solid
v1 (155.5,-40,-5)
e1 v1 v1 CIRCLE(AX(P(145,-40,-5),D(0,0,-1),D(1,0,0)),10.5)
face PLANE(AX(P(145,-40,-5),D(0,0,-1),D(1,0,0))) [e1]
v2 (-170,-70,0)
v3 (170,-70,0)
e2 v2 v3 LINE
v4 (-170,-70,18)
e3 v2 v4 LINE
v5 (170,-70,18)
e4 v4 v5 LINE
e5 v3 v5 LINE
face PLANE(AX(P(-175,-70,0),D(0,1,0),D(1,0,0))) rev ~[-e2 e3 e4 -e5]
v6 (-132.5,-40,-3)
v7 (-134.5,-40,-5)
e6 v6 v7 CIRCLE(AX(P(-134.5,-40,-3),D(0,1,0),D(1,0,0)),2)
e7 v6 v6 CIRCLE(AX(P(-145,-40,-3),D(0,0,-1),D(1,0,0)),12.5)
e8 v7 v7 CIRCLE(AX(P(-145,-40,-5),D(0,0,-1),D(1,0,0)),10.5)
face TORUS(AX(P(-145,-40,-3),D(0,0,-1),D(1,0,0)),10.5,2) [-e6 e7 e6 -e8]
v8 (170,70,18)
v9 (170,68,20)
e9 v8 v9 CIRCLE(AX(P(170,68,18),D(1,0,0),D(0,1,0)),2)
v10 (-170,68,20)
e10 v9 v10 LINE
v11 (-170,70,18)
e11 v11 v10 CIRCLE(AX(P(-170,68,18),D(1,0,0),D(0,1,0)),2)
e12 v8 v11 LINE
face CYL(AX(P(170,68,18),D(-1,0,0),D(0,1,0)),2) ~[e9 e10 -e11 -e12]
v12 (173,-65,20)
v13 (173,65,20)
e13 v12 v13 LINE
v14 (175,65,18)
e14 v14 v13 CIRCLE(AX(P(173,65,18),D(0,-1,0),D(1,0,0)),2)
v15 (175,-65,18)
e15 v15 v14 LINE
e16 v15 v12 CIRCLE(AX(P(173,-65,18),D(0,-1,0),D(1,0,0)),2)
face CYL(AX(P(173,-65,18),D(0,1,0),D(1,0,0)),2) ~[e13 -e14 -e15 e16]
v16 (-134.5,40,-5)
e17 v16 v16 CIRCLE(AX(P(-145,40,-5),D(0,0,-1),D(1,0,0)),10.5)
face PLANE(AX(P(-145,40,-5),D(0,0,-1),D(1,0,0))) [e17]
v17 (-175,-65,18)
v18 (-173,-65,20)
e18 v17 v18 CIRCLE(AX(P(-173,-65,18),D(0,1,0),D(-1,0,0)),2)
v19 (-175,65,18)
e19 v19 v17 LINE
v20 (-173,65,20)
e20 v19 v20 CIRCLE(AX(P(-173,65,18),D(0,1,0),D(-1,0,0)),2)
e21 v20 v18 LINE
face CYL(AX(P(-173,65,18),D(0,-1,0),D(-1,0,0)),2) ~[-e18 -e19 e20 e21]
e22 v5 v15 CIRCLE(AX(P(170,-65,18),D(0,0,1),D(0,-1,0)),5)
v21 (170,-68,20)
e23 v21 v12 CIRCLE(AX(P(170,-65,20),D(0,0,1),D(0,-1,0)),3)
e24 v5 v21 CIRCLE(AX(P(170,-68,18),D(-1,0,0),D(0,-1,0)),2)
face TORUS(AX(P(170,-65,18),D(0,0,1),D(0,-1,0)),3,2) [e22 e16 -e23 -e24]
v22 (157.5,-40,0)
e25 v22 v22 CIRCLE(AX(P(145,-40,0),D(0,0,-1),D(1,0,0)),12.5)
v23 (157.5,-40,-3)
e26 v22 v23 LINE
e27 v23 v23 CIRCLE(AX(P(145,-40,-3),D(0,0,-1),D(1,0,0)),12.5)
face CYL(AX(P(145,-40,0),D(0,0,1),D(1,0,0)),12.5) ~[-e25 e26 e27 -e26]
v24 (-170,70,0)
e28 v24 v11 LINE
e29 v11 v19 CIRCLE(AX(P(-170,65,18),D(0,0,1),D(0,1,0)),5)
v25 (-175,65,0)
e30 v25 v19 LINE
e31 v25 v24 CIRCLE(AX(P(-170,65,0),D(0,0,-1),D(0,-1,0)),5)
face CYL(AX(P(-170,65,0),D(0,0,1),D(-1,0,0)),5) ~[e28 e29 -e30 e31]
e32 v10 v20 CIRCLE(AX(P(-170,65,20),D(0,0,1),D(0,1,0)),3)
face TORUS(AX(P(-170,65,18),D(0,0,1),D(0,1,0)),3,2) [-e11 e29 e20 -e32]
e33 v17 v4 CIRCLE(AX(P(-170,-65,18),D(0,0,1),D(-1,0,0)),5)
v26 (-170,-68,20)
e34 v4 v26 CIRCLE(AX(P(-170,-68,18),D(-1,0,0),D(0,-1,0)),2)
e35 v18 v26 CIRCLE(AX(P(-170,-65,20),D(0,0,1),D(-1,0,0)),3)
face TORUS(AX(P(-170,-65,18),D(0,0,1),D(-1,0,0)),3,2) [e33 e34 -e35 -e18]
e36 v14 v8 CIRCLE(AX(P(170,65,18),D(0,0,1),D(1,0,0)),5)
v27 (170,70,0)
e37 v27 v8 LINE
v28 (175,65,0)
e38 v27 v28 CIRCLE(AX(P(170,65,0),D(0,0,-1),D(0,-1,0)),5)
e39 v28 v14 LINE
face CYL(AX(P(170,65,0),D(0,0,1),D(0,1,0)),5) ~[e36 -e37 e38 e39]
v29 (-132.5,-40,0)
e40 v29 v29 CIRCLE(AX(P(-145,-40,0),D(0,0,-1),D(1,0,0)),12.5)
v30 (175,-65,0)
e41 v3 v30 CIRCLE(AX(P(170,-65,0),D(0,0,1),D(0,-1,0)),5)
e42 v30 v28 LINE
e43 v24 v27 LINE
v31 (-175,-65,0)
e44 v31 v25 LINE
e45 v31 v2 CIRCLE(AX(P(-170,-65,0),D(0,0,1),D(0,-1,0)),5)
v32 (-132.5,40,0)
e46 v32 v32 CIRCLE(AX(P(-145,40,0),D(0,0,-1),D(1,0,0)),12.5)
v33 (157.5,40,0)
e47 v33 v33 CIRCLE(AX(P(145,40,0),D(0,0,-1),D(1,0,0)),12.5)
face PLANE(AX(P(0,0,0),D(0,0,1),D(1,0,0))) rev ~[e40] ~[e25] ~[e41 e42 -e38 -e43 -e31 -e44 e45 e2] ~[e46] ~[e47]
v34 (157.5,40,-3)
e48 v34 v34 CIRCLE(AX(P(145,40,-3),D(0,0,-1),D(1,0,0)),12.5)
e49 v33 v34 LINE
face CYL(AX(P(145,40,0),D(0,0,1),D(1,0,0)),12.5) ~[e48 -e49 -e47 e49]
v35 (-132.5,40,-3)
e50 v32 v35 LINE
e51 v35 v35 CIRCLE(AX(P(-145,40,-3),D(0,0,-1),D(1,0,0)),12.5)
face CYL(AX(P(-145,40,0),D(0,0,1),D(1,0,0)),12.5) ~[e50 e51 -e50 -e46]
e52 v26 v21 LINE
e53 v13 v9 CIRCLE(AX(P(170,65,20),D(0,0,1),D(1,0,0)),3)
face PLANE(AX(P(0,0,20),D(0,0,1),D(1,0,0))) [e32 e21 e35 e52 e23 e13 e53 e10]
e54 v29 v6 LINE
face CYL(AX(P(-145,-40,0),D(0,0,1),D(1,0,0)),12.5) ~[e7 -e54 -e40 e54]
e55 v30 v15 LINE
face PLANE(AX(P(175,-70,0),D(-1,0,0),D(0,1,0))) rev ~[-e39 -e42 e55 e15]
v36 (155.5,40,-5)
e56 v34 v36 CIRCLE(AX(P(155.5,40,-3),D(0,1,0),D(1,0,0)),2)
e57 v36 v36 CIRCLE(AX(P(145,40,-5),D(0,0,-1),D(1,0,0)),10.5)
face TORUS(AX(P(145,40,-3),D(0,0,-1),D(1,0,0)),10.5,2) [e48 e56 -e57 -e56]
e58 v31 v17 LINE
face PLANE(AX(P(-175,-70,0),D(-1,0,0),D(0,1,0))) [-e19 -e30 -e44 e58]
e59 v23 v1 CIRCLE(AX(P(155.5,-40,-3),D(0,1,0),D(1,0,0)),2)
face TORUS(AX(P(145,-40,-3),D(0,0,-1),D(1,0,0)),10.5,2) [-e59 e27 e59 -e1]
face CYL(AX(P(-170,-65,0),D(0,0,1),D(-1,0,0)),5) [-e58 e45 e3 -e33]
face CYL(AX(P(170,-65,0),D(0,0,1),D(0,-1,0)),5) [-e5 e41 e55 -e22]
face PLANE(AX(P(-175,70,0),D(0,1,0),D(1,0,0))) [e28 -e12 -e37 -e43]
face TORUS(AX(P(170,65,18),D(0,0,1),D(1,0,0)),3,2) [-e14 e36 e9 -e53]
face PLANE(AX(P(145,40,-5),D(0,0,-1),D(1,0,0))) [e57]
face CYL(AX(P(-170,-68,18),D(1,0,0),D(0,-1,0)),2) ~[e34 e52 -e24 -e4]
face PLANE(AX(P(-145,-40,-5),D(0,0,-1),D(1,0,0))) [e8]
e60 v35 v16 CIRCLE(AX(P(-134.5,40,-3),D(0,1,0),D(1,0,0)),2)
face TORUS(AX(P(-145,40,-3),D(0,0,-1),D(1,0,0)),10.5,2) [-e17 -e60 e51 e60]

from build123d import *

# Parameters (mm, degrees)
F0_W     = 350
F0_H     = 140
F1_DEPTH = 20
F2_R     = 12.5
F3_DEPTH = 5
F4_R     = 2
F5_R     = 5
F6_R     = 2


with BuildPart() as f1:
    # F0 (on Top) → F1 (new body)
    with BuildSketch(Plane.XY):
        Rectangle(F0_W, F0_H)
    extrude(amount=F1_DEPTH)

    # F2 (on face) → F3 (join)
    with BuildSketch(Plane(origin=(0, 0, 0), x_dir=(1, 0, 0), z_dir=(0, 0, -1))):
        with Locations((145, 40)):
            Circle(F2_R)
        with Locations((145, -40)):
            Circle(F2_R)
        with Locations((-145, 40)):
            Circle(F2_R)
        with Locations((-145, -40)):
            Circle(F2_R)
    extrude(amount=F3_DEPTH)

    # F4
    f4_edges = [f1.edges().sort_by_distance(p)[0] for p in [
        (-157.5, -40, -5),
        (-157.5, 40, -5),
        (132.5, 40, -5),
        (132.5, -40, -5),
    ]]
    fillet(f4_edges, radius=F4_R)

    # F5
    f5_edges = [f1.edges().sort_by_distance(p)[0] for p in [
        (-175, -70, 10),
        (-175, 70, 10),
        (175, -70, 10),
        (175, 70, 10),
    ]]
    fillet(f5_edges, radius=F5_R)

    # F6
    f6_edges = [f1.edges().sort_by_distance(p)[0] for p in [
        (175, 0, 20),
    ]]
    fillet(f6_edges, radius=F6_R)


solid = f1.part
